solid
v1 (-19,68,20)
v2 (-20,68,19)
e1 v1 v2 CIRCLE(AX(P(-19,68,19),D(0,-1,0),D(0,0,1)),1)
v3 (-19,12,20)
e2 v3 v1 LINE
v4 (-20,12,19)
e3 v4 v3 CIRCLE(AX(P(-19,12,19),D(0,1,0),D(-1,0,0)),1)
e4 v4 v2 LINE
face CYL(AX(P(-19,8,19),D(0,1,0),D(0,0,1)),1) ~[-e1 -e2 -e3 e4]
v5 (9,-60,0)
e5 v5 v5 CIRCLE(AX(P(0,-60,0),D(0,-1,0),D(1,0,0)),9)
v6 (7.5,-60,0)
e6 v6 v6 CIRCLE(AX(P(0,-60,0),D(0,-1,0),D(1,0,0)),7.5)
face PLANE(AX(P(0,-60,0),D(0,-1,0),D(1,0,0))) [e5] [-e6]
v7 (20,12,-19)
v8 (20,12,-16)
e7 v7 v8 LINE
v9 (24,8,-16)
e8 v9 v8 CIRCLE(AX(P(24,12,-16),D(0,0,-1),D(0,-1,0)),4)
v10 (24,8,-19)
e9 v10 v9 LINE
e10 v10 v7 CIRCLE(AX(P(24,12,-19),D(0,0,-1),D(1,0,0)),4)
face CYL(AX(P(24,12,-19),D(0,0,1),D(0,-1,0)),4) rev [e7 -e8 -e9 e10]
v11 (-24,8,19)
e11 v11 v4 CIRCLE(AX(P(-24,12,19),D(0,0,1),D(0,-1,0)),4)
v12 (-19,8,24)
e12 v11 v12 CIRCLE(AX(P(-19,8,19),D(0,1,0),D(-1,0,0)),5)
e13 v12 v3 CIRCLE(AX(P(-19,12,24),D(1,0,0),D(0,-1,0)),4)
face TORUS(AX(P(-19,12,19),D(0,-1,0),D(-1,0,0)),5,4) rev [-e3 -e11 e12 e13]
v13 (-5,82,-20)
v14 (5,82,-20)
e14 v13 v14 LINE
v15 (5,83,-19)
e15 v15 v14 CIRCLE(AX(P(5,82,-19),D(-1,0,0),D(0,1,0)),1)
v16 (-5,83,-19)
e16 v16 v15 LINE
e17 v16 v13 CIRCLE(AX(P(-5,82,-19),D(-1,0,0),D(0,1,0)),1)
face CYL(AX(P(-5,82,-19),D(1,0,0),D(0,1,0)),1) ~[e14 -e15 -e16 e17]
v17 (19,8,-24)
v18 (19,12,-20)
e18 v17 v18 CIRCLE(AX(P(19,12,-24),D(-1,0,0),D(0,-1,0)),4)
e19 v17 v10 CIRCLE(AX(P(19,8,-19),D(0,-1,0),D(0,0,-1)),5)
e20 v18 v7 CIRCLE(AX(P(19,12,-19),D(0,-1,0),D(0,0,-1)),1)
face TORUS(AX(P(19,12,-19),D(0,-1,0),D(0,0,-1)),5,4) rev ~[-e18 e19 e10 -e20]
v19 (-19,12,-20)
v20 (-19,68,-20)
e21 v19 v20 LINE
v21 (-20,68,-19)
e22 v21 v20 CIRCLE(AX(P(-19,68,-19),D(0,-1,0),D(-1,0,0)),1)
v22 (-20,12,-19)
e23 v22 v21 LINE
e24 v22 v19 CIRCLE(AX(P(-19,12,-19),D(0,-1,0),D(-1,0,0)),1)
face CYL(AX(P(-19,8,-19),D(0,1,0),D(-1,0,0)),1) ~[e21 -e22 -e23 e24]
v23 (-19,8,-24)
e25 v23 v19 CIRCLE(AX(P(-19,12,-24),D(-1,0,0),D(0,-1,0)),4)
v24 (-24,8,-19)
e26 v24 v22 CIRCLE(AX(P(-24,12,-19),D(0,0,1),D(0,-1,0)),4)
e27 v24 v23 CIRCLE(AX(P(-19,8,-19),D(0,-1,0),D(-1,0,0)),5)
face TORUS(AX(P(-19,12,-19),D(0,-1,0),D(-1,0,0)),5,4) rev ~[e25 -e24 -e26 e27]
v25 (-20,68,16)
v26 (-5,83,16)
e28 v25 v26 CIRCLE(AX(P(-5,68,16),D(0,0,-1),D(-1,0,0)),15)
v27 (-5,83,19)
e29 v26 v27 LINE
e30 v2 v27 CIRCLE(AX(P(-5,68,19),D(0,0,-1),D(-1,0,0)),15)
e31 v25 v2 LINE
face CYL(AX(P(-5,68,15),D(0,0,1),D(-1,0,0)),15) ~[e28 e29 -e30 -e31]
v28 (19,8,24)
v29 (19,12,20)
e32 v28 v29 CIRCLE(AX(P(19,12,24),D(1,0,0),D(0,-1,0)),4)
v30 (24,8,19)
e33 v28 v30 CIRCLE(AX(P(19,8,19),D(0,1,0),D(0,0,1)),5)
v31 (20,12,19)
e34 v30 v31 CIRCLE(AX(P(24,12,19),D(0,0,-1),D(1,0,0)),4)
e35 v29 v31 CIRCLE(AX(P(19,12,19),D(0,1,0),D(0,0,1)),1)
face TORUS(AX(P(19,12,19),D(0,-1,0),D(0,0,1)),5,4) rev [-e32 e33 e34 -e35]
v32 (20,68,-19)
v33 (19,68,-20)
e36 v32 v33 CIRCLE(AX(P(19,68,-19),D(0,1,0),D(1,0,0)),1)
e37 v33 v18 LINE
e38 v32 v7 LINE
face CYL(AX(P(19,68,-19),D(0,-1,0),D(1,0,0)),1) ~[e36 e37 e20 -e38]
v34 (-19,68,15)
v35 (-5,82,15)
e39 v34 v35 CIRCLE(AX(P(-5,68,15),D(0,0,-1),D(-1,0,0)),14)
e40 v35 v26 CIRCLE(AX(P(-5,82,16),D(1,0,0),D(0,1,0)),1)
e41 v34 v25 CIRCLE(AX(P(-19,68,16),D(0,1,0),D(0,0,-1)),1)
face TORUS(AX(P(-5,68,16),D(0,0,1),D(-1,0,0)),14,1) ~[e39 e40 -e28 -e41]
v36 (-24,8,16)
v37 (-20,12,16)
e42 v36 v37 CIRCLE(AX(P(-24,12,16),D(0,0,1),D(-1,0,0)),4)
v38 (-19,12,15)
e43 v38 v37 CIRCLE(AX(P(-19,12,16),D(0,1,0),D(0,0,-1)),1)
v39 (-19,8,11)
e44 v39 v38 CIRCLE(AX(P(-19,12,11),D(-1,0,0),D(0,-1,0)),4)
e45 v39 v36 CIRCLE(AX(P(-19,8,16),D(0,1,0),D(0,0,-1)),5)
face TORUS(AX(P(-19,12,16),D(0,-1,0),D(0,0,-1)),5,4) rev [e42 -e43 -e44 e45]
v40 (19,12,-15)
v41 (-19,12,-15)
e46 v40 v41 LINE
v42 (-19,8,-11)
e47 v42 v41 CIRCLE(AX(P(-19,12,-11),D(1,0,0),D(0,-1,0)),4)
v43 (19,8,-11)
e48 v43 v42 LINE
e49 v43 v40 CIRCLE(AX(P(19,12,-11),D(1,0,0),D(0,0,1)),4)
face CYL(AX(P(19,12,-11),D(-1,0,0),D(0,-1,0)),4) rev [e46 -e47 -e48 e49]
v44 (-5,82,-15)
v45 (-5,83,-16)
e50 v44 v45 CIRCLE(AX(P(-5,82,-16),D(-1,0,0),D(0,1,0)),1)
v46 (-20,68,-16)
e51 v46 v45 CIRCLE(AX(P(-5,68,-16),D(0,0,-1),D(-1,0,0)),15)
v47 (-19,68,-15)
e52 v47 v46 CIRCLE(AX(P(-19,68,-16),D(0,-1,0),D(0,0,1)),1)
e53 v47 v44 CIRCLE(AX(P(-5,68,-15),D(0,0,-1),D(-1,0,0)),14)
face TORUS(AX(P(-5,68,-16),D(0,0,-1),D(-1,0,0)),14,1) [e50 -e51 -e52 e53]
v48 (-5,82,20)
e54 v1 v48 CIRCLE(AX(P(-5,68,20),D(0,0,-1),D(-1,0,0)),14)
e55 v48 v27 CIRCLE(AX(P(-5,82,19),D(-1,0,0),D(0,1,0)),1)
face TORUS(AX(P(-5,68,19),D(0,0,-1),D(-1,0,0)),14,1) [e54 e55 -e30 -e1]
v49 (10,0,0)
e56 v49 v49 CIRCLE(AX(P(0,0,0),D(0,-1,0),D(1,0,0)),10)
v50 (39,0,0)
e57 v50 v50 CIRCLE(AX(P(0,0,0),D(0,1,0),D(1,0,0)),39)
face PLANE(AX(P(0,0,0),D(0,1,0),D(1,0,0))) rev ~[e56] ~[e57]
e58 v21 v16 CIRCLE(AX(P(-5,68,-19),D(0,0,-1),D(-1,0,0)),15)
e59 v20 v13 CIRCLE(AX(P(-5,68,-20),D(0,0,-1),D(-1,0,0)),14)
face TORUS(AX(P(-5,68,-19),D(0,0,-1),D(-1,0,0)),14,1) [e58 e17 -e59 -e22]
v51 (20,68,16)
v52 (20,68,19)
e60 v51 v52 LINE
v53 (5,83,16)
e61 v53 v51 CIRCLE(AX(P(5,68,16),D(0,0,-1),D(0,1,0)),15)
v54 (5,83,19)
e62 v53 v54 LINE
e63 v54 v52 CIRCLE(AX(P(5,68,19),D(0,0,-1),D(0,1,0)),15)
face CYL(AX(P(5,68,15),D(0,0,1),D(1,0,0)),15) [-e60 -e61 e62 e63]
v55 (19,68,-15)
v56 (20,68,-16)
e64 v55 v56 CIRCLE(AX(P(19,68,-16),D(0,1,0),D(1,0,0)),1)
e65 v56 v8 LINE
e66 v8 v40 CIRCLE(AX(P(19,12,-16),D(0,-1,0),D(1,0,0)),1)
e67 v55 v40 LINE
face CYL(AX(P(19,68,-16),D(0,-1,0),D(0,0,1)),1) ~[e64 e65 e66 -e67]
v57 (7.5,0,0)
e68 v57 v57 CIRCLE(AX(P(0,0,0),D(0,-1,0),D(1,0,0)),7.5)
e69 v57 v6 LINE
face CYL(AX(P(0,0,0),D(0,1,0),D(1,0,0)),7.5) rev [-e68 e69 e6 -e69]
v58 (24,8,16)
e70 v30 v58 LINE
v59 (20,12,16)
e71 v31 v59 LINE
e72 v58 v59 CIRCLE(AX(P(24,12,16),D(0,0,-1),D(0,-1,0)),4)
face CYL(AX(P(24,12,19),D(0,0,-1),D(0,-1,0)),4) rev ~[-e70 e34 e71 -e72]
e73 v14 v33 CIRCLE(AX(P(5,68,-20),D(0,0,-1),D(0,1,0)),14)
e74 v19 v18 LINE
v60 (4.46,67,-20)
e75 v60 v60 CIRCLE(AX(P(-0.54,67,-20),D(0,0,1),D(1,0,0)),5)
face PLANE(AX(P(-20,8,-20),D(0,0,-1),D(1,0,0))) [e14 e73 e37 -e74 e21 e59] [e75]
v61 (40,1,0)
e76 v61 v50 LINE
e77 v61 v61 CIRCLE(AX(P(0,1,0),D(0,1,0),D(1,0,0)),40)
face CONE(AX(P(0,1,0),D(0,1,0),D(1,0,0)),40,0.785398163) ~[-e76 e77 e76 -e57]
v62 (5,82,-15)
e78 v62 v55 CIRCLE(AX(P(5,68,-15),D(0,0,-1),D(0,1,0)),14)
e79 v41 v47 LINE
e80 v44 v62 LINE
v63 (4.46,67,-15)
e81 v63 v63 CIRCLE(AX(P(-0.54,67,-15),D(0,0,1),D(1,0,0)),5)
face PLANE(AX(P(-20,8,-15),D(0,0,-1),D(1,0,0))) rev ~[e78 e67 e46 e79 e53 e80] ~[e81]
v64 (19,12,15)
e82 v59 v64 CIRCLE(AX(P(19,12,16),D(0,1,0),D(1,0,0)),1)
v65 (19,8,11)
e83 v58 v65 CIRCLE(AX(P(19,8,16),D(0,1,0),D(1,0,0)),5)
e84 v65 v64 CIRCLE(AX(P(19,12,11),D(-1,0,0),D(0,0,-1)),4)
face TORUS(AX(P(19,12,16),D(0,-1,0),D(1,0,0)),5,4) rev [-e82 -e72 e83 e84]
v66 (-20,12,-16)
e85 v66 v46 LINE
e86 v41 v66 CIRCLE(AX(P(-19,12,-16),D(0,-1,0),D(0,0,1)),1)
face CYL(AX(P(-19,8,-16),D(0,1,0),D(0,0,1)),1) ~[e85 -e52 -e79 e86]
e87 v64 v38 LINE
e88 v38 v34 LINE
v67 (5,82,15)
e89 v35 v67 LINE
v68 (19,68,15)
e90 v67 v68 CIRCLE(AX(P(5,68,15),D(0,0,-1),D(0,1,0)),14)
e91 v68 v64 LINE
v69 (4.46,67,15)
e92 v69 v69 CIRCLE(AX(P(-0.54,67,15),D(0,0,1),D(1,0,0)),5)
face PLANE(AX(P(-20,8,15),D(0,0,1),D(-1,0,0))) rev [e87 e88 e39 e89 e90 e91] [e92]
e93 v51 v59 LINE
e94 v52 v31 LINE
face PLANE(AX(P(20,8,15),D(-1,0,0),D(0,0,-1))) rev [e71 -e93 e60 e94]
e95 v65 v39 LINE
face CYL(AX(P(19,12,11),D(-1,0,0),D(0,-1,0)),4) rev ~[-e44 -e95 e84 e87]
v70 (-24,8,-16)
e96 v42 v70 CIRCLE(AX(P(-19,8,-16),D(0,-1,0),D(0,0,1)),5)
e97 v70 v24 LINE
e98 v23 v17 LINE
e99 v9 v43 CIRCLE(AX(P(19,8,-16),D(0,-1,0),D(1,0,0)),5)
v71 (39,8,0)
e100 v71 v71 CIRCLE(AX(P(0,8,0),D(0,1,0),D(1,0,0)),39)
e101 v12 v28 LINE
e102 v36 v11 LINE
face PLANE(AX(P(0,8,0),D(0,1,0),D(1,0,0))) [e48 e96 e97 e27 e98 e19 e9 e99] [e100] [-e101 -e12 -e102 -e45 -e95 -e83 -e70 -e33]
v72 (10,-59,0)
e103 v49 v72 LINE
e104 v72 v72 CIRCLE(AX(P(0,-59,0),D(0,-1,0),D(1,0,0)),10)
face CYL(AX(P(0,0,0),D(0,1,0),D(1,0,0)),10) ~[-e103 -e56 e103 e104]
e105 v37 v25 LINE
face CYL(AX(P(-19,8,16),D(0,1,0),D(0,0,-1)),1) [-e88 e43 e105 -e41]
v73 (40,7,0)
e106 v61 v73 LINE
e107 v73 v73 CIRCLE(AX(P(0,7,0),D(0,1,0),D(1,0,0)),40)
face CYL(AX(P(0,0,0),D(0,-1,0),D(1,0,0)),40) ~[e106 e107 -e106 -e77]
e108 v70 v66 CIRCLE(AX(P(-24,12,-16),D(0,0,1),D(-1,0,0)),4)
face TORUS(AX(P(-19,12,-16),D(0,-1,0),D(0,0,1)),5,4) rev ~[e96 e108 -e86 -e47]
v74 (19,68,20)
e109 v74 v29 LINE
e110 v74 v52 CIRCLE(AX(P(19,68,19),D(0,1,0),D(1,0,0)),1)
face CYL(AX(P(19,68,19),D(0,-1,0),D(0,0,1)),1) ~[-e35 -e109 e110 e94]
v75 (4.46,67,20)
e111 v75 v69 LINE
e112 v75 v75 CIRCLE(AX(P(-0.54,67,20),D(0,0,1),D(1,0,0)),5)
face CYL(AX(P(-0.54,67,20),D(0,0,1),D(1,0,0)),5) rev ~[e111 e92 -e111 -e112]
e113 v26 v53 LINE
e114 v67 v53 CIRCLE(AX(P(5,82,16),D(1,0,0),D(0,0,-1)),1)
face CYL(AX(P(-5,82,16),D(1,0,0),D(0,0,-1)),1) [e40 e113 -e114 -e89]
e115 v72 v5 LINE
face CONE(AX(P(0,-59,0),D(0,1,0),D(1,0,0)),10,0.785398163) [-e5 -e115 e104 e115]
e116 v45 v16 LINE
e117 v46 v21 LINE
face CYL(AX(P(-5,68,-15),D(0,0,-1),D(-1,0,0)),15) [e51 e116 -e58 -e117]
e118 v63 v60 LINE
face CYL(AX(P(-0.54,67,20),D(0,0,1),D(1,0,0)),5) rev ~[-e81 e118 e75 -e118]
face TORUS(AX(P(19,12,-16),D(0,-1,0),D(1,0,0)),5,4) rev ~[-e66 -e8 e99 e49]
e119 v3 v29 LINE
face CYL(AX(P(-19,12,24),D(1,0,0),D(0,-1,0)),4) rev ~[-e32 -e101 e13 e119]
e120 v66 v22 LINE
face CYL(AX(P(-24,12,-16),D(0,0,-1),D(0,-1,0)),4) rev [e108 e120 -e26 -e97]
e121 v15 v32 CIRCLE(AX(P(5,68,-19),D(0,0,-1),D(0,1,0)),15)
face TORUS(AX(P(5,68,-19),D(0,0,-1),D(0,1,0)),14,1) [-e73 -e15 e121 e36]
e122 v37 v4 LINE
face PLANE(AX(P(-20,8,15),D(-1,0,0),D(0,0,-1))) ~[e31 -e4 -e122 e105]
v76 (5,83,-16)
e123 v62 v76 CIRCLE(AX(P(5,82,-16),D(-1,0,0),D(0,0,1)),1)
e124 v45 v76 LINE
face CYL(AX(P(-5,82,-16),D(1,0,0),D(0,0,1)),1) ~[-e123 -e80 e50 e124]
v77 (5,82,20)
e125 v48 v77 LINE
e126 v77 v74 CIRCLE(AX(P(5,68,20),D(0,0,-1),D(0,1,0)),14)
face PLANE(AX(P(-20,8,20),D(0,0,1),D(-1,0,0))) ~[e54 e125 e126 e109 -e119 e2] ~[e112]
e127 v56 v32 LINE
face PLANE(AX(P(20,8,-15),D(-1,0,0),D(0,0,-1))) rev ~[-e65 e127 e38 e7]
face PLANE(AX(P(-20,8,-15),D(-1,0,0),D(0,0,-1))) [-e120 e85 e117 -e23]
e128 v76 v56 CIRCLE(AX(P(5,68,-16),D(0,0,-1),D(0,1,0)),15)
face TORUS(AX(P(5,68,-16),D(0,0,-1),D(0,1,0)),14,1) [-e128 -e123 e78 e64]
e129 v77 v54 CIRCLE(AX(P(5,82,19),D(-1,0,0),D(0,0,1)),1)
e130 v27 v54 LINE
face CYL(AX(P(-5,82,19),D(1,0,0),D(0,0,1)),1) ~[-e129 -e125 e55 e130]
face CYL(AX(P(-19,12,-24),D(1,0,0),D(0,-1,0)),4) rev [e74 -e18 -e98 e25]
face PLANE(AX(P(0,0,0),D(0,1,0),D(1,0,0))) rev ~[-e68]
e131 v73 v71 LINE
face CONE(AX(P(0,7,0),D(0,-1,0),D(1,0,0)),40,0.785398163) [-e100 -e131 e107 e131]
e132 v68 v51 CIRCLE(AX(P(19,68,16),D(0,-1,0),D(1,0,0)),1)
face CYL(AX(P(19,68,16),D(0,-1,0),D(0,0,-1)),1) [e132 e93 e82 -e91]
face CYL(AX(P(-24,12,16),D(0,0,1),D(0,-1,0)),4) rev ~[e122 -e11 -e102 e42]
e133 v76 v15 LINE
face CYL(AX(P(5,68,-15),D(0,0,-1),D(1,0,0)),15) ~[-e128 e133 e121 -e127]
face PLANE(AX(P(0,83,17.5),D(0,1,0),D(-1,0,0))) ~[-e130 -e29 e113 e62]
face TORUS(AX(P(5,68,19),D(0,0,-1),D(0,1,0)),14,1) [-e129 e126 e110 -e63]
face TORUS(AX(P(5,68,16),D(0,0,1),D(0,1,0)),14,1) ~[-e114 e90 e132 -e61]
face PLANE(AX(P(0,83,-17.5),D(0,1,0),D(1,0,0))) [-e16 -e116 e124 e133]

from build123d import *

# Parameters (mm, degrees)
SKETCH2_R            = 40
BOSS_EXTRUDE1_DEPTH  = 8
SKETCH6_R            = 10
SKETCH6_R_2          = 7.5
BOSS_EXTRUDE4_DEPTH  = 60
CHAMFER1_SIZE        = 1
SKETCH19_W           = 40
SKETCH19_H           = 5
BOSS_EXTRUDE5_DEPTH  = 75
FILLET1_R            = 15
FILLET2_R            = 1
FILLET3_R            = 4
FILLET1_OF_MIRROR2_R = 15
FILLET2_OF_MIRROR2_R = 1
FILLET3_OF_MIRROR2_R = 4
SKETCH21_R           = 5
CUT_EXTRUDE1_DEPTH   = 40


with BuildPart() as part:
    # Sketch2 → Boss-Extrude1 (new body)
    with BuildSketch(Plane(origin=(0, 0, 0), x_dir=(1, 0, 0), z_dir=(0, 1, 0))):
        Circle(SKETCH2_R)
    extrude(amount=BOSS_EXTRUDE1_DEPTH)

    # Sketch6 → Boss-Extrude4 (add)
    with BuildSketch(Plane.XZ):
        Circle(SKETCH6_R)
        Circle(SKETCH6_R_2, mode=Mode.SUBTRACT)
    extrude(amount=BOSS_EXTRUDE4_DEPTH)

    # Chamfer1
    chamfer1_edges = [part.edges().sort_by_distance(p)[0] for p in [
        (-40, 0, 0),
        (-40, 8, 0),
        (-10, -60, 0),
    ]]
    chamfer(chamfer1_edges, length=CHAMFER1_SIZE)

    # Sketch19 → Boss-Extrude5 (add)
    with BuildSketch(Plane(origin=(0, 8, 0), x_dir=(1, 0, 0), z_dir=(0, 1, 0))):
        with Locations((0, 17.5)):
            Rectangle(SKETCH19_W, SKETCH19_H)
    boss_extrude5 = extrude(amount=BOSS_EXTRUDE5_DEPTH)

    # Fillet1
    fillet1_edges = [part.edges().sort_by_distance(p)[0] for p in [
        (-20, 83, -17.5),
        (20, 83, -17.5),
    ]]
    fillet(fillet1_edges, radius=FILLET1_R)

    # Fillet2
    fillet2_edges = [part.edges().sort_by_distance(p)[0] for p in [
        (0, 83, -15),
        (0, 83, -20),
        (-20, 38, -20),
        (20, 38, -20),
        (-15.606601718, 78.606601718, -20),
        (15.606601718, 78.606601718, -20),
        (20, 38, -15),
        (-20, 38, -15),
        (-15.606601718, 78.606601718, -15),
        (15.606601718, 78.606601718, -15),
    ]]
    fillet(fillet2_edges, radius=FILLET2_R)

    # Fillet3
    fillet3_edges = [part.edges().sort_by_distance(p)[0] for p in [
        (0, 8, -20),
        (20, 8, -17.5),
        (0, 8, -15),
        (-20, 8, -17.5),
        (19.707106781, 8, -19.707106781),
        (19.707106781, 8, -15.292893219),
        (-19.707106781, 8, -19.707106781),
        (-19.707106781, 8, -15.292893219),
    ]]
    fillet(fillet3_edges, radius=FILLET3_R)

    # Mirror2: Boss-Extrude5 across plane
    add(boss_extrude5.mirror(Plane.XY))

    # Fillet1 of Mirror2
    fillet1_of_mirror2_edges = [part.edges().sort_by_distance(p)[0] for p in [
        (-20, 83, 17.5),
        (20, 83, 17.5),
    ]]
    fillet(fillet1_of_mirror2_edges, radius=FILLET1_OF_MIRROR2_R)

    # Fillet2 of Mirror2
    fillet2_of_mirror2_edges = [part.edges().sort_by_distance(p)[0] for p in [
        (0, 83, 15),
        (0, 83, 20),
        (-20, 38, 20),
        (20, 38, 20),
        (-15.606601718, 78.606601718, 20),
        (15.606601718, 78.606601718, 20),
        (20, 38, 15),
        (-20, 38, 15),
        (-15.606601718, 78.606601718, 15),
        (15.606601718, 78.606601718, 15),
    ]]
    fillet(fillet2_of_mirror2_edges, radius=FILLET2_OF_MIRROR2_R)

    # Fillet3 of Mirror2
    fillet3_of_mirror2_edges = [part.edges().sort_by_distance(p)[0] for p in [
        (0, 8, 20),
        (20, 8, 17.5),
        (0, 8, 15),
        (-20, 8, 17.5),
        (19.707106781, 8, 19.707106781),
        (19.707106781, 8, 15.292893219),
        (-19.707106781, 8, 19.707106781),
        (-19.707106781, 8, 15.292893219),
    ]]
    fillet(fillet3_of_mirror2_edges, radius=FILLET3_OF_MIRROR2_R)

    # Sketch21 → Cut-Extrude1 (cut)
    with BuildSketch(Plane.XY.offset(20)):
        with Locations((-0.54, 67)):
            Circle(SKETCH21_R)
    extrude(amount=-CUT_EXTRUDE1_DEPTH, mode=Mode.SUBTRACT)


solid = part.part
